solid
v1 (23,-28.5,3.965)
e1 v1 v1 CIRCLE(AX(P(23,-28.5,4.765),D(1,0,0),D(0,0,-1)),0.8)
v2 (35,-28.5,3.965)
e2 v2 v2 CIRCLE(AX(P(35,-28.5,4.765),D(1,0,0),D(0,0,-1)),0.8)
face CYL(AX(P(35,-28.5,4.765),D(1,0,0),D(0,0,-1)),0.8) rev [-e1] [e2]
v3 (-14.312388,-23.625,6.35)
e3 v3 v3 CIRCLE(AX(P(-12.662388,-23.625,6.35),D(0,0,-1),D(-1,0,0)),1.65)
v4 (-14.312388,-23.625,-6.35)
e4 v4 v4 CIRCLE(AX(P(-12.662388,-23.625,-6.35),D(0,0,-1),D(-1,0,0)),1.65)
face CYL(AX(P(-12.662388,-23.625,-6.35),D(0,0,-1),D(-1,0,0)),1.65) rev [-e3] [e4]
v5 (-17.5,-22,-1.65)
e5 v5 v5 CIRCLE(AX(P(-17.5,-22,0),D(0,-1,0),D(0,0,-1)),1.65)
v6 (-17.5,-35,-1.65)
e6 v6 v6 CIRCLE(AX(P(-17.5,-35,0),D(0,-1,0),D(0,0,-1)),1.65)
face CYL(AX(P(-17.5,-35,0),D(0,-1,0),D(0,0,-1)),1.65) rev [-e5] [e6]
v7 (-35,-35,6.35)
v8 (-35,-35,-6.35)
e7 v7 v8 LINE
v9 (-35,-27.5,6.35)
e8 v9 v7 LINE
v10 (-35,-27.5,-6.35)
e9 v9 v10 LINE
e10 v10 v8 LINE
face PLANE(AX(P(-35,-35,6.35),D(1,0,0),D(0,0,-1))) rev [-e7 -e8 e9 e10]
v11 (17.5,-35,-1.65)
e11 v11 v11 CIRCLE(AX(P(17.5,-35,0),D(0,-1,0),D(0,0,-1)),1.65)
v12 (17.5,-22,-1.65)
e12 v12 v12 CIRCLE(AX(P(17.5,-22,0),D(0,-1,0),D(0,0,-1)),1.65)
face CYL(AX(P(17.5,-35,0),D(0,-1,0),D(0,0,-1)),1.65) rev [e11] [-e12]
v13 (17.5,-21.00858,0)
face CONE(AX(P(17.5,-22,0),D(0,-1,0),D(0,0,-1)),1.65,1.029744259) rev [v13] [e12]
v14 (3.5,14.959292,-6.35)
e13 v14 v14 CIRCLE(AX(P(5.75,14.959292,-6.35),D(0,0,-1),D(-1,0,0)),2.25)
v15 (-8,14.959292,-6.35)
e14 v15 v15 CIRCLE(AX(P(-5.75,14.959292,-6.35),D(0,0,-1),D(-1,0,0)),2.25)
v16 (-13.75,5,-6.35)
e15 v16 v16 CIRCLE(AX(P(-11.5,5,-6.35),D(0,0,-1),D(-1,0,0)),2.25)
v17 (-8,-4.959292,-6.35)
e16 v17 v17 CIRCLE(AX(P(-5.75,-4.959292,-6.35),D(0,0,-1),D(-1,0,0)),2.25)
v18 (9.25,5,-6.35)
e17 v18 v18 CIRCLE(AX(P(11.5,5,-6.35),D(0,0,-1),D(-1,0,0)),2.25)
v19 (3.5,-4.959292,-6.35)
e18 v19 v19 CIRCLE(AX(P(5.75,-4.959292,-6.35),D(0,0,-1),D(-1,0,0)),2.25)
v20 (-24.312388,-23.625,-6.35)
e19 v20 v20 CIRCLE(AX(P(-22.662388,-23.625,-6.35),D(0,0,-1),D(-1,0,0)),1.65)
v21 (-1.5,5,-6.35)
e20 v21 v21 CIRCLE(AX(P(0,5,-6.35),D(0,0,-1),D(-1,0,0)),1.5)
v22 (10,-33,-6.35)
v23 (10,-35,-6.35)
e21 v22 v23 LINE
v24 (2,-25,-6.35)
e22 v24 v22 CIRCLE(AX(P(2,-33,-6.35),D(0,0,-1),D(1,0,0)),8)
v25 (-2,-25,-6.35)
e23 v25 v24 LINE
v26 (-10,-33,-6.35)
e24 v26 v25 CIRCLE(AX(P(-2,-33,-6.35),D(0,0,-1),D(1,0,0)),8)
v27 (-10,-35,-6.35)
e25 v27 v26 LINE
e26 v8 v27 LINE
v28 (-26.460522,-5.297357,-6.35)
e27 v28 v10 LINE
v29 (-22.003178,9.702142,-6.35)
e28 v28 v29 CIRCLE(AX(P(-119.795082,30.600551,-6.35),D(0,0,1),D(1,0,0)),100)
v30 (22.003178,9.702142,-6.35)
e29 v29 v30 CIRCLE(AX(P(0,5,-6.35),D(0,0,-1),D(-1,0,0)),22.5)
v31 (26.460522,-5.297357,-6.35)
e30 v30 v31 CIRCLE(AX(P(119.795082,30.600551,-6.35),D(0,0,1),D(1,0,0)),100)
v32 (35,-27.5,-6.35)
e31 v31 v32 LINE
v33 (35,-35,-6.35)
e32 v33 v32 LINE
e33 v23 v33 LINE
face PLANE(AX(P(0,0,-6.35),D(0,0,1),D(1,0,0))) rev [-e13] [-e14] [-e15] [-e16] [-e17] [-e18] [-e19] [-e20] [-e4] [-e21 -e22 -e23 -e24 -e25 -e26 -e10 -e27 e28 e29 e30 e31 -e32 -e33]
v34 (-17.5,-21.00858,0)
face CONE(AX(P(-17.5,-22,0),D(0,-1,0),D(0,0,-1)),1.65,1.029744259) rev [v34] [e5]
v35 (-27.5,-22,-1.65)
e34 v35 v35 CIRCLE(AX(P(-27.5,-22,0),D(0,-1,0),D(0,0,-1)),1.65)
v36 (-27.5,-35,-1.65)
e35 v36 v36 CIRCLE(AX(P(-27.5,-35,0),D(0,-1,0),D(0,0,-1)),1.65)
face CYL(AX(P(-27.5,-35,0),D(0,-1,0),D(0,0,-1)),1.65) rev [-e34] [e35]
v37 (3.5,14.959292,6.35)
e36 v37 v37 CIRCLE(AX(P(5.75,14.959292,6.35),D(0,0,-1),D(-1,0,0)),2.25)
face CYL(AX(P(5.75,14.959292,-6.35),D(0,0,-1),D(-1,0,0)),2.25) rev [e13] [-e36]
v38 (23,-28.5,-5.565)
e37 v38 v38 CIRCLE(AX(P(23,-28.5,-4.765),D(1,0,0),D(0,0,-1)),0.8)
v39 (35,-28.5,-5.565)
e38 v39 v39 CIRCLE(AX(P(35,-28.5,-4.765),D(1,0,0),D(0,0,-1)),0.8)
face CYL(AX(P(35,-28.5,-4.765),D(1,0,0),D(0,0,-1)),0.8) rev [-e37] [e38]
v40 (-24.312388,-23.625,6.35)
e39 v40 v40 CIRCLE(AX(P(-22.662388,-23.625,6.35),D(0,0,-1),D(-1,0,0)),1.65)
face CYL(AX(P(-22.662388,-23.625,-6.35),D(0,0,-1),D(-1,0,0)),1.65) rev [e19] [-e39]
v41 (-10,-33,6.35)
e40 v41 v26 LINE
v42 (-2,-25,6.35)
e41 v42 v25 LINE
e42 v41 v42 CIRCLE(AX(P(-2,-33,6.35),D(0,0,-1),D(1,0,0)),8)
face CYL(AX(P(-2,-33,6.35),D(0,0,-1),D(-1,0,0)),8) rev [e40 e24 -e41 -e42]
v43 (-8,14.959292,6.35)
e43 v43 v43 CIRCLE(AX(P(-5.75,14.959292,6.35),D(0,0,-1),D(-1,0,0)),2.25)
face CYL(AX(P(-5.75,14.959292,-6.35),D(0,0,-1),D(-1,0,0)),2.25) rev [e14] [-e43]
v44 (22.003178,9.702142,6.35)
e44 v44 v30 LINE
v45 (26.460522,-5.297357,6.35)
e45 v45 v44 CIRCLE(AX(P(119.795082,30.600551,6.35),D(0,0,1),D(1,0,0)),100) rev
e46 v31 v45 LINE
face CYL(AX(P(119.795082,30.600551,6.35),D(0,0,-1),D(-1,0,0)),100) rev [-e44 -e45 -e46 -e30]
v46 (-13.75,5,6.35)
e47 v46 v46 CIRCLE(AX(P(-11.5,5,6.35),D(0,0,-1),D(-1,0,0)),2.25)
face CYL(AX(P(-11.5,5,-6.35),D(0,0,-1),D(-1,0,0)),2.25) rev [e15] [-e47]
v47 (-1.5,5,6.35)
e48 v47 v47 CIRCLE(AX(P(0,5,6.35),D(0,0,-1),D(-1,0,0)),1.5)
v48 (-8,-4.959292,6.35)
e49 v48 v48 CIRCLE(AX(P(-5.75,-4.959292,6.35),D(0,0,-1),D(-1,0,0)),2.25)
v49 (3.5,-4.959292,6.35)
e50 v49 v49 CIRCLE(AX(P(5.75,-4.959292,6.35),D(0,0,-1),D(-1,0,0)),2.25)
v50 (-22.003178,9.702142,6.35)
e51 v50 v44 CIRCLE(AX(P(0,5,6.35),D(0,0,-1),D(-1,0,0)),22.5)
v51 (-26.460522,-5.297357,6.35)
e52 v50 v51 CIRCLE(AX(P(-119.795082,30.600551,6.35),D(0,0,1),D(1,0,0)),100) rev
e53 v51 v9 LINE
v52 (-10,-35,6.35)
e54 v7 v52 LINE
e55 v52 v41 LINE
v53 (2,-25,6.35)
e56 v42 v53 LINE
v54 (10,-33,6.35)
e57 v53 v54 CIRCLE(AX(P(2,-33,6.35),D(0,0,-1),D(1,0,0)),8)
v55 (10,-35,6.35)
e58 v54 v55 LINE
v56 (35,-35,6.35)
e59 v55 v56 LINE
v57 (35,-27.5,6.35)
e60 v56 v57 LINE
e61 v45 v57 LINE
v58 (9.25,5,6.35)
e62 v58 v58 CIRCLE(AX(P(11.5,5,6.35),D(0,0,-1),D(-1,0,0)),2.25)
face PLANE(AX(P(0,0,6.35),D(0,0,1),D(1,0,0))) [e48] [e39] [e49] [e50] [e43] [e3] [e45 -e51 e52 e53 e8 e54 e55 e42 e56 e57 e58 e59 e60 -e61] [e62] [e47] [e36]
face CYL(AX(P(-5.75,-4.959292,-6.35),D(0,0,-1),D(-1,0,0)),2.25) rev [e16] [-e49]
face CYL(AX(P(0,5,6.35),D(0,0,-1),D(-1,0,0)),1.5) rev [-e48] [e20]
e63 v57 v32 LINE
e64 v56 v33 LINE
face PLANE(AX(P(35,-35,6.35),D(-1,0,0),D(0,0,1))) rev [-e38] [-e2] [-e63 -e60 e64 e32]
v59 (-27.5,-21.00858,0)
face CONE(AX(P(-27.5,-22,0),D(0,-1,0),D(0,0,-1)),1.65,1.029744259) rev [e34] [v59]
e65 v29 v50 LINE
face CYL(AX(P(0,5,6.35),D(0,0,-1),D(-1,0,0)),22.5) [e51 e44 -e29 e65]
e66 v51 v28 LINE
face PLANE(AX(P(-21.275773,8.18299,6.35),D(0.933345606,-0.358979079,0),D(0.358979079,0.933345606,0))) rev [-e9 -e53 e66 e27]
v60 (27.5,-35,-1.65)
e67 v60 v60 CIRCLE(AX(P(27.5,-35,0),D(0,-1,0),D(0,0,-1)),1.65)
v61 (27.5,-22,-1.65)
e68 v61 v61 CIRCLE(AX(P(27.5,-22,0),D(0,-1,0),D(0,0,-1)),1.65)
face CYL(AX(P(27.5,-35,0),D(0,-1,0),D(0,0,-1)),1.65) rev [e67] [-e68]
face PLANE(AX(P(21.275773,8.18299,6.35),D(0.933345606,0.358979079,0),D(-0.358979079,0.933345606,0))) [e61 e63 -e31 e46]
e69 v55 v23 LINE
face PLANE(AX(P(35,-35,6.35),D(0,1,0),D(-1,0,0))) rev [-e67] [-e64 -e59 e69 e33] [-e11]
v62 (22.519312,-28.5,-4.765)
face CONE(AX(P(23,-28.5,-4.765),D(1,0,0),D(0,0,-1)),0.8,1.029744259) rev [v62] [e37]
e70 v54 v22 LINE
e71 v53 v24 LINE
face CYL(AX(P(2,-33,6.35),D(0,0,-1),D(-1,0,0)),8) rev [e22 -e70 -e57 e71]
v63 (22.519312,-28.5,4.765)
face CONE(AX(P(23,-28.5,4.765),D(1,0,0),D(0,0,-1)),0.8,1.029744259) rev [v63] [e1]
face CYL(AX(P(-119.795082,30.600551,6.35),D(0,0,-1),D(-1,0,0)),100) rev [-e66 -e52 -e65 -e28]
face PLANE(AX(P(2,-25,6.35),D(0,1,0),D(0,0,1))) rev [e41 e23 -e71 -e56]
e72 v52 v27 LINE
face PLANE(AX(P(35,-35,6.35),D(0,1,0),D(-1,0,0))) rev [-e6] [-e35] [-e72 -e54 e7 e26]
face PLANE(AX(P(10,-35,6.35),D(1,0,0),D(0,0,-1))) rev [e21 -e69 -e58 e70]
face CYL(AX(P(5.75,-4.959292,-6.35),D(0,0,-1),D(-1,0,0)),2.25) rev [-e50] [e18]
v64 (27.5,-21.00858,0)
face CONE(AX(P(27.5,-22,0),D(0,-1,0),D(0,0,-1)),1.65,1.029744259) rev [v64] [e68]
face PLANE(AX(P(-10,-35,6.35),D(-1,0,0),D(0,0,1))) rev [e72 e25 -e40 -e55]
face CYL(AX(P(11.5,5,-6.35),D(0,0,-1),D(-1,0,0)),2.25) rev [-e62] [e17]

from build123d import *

# Parameters (mm, degrees)
SKETCH2_W                 = 70
SKETCH2_H                 = 70
BOSS_EXTRUDE1_DEPTH       = 6.35
CHAMFER1_SIZE             = 10
SKETCH3_R                 = 1.5
CUT_EXTRUDE1_DEPTH        = 13.7
M4_CLEARANCE_HOLE1_D      = 4.5
CUT_EXTRUDE2_DEPTH        = 13.7
FILLET1_R                 = 100
CUT_EXTRUDE3_DEPTH        = 13.7
M4X0_7_TAPPED_HOLE1_D     = 3.3
M4X0_7_TAPPED_HOLE1_DEPTH = 13
M4X0_7_TAPPED_HOLE1_TIP   = 0.991420021
M4X0_7_TAPPED_HOLE2_D     = 3.3
M2X0_4_TAPPED_HOLE1_D     = 1.6
M2X0_4_TAPPED_HOLE1_DEPTH = 12
M2X0_4_TAPPED_HOLE1_TIP   = 0.480688495


with BuildPart() as part:
    # Sketch2 → Boss-Extrude1 (new body, symmetric)
    with BuildSketch(Plane.XY):
        Rectangle(SKETCH2_W, SKETCH2_H)
    extrude(amount=BOSS_EXTRUDE1_DEPTH, both=True)

    # Chamfer1
    chamfer1_edges = [part.edges().sort_by_distance(p)[0] for p in [
        (-35, 35, 0),
        (35, 35, 0),
    ]]
    chamfer(chamfer1_edges, length=CHAMFER1_SIZE)

    # Sketch3 → Cut-Extrude1 (cut, through all)
    with BuildSketch(Plane(origin=(0, 0, -6.35), x_dir=(-1, 0, 0), z_dir=(0, 0, -1))):
        with Locations((0, 5)):
            Circle(SKETCH3_R)
    extrude(amount=-CUT_EXTRUDE1_DEPTH, mode=Mode.SUBTRACT)

    # M4 Clearance Hole1 (through all)
    with Locations(Plane(origin=(0, 0, -6.35), x_dir=(-1, 0, 0), z_dir=(0, 0, -1))):
        with Locations((5.75, 14.959292144), (-5.75, 14.959292144), (-11.5, 5), (-5.75, -4.959292144), (5.75, -4.959292144), (11.5, 5)):
            Hole(M4_CLEARANCE_HOLE1_D / 2)

    # Sketch6 → Cut-Extrude2 (cut, through all)
    with BuildSketch(Plane(origin=(0, 0, -6.35), x_dir=(-1, 0, 0), z_dir=(0, 0, -1))):
        with BuildLine():
            Line((-35, -27.5), (-22.5, 5))
            ThreePointArc((-22.5, 5), (0, 27.5), (22.5, 5))
            Line((22.5, 5), (35, -27.5))
            Line((35, -27.5), (35, 25))
            Line((35, 25), (25, 35))
            Line((25, 35), (-25, 35))
            Line((-25, 35), (-35, 25))
            Line((-35, 25), (-35, -27.5))
        make_face()
    extrude(amount=-CUT_EXTRUDE2_DEPTH, mode=Mode.SUBTRACT)

    # Fillet1
    fillet1_edges = [part.edges().sort_by_distance(p)[0] for p in [
        (-22.5, 5, 0),
        (22.5, 5, 0),
    ]]
    fillet(fillet1_edges, radius=FILLET1_R)

    # Sketch7 → Cut-Extrude3 (cut, through all)
    with BuildSketch(Plane(origin=(0, 0, -6.35), x_dir=(-1, 0, 0), z_dir=(0, 0, -1))):
        with BuildLine():
            Line((-10, -35), (10, -35))
            Line((10, -35), (10, -33))
            ThreePointArc((10, -33), (7.656854249, -27.343145751), (2, -25))
            Line((2, -25), (-2, -25))
            ThreePointArc((-2, -25), (-7.656854249, -27.343145751), (-10, -33))
            Line((-10, -33), (-10, -35))
        make_face()
    extrude(amount=-CUT_EXTRUDE3_DEPTH, mode=Mode.SUBTRACT)

    # M4x0.7 Tapped Hole1
    with Locations(Plane(origin=(0, -35, 0), x_dir=(-1, 0, 0), z_dir=(0, -1, 0))):
        with Locations((-27.5, 0), (-17.5, 0), (17.5, 0), (27.5, 0)):
            Hole(M4X0_7_TAPPED_HOLE1_D / 2, depth=M4X0_7_TAPPED_HOLE1_DEPTH)
            with Locations((0, 0, -(M4X0_7_TAPPED_HOLE1_DEPTH + M4X0_7_TAPPED_HOLE1_TIP / 2))):  # 118° drill point
                Cone(0, M4X0_7_TAPPED_HOLE1_D / 2, M4X0_7_TAPPED_HOLE1_TIP, mode=Mode.SUBTRACT)

    # M4x0.7 Tapped Hole2 (through all)
    with Locations(Plane(origin=(0, 0, -6.35), x_dir=(-1, 0, 0), z_dir=(0, 0, -1))):
        with Locations((12.662387957, -23.625), (22.662387957, -23.625)):
            Hole(M4X0_7_TAPPED_HOLE2_D / 2)

    # M2x0.4 Tapped Hole1
    with Locations(Plane(origin=(35, 0, 0), x_dir=(0, 0, -1), z_dir=(1, 0, 0))):
        with Locations((-4.765, -28.5), (4.765, -28.5)):
            Hole(M2X0_4_TAPPED_HOLE1_D / 2, depth=M2X0_4_TAPPED_HOLE1_DEPTH)
            with Locations((0, 0, -(M2X0_4_TAPPED_HOLE1_DEPTH + M2X0_4_TAPPED_HOLE1_TIP / 2))):  # 118° drill point
                Cone(0, M2X0_4_TAPPED_HOLE1_D / 2, M2X0_4_TAPPED_HOLE1_TIP, mode=Mode.SUBTRACT)


solid = part.part
